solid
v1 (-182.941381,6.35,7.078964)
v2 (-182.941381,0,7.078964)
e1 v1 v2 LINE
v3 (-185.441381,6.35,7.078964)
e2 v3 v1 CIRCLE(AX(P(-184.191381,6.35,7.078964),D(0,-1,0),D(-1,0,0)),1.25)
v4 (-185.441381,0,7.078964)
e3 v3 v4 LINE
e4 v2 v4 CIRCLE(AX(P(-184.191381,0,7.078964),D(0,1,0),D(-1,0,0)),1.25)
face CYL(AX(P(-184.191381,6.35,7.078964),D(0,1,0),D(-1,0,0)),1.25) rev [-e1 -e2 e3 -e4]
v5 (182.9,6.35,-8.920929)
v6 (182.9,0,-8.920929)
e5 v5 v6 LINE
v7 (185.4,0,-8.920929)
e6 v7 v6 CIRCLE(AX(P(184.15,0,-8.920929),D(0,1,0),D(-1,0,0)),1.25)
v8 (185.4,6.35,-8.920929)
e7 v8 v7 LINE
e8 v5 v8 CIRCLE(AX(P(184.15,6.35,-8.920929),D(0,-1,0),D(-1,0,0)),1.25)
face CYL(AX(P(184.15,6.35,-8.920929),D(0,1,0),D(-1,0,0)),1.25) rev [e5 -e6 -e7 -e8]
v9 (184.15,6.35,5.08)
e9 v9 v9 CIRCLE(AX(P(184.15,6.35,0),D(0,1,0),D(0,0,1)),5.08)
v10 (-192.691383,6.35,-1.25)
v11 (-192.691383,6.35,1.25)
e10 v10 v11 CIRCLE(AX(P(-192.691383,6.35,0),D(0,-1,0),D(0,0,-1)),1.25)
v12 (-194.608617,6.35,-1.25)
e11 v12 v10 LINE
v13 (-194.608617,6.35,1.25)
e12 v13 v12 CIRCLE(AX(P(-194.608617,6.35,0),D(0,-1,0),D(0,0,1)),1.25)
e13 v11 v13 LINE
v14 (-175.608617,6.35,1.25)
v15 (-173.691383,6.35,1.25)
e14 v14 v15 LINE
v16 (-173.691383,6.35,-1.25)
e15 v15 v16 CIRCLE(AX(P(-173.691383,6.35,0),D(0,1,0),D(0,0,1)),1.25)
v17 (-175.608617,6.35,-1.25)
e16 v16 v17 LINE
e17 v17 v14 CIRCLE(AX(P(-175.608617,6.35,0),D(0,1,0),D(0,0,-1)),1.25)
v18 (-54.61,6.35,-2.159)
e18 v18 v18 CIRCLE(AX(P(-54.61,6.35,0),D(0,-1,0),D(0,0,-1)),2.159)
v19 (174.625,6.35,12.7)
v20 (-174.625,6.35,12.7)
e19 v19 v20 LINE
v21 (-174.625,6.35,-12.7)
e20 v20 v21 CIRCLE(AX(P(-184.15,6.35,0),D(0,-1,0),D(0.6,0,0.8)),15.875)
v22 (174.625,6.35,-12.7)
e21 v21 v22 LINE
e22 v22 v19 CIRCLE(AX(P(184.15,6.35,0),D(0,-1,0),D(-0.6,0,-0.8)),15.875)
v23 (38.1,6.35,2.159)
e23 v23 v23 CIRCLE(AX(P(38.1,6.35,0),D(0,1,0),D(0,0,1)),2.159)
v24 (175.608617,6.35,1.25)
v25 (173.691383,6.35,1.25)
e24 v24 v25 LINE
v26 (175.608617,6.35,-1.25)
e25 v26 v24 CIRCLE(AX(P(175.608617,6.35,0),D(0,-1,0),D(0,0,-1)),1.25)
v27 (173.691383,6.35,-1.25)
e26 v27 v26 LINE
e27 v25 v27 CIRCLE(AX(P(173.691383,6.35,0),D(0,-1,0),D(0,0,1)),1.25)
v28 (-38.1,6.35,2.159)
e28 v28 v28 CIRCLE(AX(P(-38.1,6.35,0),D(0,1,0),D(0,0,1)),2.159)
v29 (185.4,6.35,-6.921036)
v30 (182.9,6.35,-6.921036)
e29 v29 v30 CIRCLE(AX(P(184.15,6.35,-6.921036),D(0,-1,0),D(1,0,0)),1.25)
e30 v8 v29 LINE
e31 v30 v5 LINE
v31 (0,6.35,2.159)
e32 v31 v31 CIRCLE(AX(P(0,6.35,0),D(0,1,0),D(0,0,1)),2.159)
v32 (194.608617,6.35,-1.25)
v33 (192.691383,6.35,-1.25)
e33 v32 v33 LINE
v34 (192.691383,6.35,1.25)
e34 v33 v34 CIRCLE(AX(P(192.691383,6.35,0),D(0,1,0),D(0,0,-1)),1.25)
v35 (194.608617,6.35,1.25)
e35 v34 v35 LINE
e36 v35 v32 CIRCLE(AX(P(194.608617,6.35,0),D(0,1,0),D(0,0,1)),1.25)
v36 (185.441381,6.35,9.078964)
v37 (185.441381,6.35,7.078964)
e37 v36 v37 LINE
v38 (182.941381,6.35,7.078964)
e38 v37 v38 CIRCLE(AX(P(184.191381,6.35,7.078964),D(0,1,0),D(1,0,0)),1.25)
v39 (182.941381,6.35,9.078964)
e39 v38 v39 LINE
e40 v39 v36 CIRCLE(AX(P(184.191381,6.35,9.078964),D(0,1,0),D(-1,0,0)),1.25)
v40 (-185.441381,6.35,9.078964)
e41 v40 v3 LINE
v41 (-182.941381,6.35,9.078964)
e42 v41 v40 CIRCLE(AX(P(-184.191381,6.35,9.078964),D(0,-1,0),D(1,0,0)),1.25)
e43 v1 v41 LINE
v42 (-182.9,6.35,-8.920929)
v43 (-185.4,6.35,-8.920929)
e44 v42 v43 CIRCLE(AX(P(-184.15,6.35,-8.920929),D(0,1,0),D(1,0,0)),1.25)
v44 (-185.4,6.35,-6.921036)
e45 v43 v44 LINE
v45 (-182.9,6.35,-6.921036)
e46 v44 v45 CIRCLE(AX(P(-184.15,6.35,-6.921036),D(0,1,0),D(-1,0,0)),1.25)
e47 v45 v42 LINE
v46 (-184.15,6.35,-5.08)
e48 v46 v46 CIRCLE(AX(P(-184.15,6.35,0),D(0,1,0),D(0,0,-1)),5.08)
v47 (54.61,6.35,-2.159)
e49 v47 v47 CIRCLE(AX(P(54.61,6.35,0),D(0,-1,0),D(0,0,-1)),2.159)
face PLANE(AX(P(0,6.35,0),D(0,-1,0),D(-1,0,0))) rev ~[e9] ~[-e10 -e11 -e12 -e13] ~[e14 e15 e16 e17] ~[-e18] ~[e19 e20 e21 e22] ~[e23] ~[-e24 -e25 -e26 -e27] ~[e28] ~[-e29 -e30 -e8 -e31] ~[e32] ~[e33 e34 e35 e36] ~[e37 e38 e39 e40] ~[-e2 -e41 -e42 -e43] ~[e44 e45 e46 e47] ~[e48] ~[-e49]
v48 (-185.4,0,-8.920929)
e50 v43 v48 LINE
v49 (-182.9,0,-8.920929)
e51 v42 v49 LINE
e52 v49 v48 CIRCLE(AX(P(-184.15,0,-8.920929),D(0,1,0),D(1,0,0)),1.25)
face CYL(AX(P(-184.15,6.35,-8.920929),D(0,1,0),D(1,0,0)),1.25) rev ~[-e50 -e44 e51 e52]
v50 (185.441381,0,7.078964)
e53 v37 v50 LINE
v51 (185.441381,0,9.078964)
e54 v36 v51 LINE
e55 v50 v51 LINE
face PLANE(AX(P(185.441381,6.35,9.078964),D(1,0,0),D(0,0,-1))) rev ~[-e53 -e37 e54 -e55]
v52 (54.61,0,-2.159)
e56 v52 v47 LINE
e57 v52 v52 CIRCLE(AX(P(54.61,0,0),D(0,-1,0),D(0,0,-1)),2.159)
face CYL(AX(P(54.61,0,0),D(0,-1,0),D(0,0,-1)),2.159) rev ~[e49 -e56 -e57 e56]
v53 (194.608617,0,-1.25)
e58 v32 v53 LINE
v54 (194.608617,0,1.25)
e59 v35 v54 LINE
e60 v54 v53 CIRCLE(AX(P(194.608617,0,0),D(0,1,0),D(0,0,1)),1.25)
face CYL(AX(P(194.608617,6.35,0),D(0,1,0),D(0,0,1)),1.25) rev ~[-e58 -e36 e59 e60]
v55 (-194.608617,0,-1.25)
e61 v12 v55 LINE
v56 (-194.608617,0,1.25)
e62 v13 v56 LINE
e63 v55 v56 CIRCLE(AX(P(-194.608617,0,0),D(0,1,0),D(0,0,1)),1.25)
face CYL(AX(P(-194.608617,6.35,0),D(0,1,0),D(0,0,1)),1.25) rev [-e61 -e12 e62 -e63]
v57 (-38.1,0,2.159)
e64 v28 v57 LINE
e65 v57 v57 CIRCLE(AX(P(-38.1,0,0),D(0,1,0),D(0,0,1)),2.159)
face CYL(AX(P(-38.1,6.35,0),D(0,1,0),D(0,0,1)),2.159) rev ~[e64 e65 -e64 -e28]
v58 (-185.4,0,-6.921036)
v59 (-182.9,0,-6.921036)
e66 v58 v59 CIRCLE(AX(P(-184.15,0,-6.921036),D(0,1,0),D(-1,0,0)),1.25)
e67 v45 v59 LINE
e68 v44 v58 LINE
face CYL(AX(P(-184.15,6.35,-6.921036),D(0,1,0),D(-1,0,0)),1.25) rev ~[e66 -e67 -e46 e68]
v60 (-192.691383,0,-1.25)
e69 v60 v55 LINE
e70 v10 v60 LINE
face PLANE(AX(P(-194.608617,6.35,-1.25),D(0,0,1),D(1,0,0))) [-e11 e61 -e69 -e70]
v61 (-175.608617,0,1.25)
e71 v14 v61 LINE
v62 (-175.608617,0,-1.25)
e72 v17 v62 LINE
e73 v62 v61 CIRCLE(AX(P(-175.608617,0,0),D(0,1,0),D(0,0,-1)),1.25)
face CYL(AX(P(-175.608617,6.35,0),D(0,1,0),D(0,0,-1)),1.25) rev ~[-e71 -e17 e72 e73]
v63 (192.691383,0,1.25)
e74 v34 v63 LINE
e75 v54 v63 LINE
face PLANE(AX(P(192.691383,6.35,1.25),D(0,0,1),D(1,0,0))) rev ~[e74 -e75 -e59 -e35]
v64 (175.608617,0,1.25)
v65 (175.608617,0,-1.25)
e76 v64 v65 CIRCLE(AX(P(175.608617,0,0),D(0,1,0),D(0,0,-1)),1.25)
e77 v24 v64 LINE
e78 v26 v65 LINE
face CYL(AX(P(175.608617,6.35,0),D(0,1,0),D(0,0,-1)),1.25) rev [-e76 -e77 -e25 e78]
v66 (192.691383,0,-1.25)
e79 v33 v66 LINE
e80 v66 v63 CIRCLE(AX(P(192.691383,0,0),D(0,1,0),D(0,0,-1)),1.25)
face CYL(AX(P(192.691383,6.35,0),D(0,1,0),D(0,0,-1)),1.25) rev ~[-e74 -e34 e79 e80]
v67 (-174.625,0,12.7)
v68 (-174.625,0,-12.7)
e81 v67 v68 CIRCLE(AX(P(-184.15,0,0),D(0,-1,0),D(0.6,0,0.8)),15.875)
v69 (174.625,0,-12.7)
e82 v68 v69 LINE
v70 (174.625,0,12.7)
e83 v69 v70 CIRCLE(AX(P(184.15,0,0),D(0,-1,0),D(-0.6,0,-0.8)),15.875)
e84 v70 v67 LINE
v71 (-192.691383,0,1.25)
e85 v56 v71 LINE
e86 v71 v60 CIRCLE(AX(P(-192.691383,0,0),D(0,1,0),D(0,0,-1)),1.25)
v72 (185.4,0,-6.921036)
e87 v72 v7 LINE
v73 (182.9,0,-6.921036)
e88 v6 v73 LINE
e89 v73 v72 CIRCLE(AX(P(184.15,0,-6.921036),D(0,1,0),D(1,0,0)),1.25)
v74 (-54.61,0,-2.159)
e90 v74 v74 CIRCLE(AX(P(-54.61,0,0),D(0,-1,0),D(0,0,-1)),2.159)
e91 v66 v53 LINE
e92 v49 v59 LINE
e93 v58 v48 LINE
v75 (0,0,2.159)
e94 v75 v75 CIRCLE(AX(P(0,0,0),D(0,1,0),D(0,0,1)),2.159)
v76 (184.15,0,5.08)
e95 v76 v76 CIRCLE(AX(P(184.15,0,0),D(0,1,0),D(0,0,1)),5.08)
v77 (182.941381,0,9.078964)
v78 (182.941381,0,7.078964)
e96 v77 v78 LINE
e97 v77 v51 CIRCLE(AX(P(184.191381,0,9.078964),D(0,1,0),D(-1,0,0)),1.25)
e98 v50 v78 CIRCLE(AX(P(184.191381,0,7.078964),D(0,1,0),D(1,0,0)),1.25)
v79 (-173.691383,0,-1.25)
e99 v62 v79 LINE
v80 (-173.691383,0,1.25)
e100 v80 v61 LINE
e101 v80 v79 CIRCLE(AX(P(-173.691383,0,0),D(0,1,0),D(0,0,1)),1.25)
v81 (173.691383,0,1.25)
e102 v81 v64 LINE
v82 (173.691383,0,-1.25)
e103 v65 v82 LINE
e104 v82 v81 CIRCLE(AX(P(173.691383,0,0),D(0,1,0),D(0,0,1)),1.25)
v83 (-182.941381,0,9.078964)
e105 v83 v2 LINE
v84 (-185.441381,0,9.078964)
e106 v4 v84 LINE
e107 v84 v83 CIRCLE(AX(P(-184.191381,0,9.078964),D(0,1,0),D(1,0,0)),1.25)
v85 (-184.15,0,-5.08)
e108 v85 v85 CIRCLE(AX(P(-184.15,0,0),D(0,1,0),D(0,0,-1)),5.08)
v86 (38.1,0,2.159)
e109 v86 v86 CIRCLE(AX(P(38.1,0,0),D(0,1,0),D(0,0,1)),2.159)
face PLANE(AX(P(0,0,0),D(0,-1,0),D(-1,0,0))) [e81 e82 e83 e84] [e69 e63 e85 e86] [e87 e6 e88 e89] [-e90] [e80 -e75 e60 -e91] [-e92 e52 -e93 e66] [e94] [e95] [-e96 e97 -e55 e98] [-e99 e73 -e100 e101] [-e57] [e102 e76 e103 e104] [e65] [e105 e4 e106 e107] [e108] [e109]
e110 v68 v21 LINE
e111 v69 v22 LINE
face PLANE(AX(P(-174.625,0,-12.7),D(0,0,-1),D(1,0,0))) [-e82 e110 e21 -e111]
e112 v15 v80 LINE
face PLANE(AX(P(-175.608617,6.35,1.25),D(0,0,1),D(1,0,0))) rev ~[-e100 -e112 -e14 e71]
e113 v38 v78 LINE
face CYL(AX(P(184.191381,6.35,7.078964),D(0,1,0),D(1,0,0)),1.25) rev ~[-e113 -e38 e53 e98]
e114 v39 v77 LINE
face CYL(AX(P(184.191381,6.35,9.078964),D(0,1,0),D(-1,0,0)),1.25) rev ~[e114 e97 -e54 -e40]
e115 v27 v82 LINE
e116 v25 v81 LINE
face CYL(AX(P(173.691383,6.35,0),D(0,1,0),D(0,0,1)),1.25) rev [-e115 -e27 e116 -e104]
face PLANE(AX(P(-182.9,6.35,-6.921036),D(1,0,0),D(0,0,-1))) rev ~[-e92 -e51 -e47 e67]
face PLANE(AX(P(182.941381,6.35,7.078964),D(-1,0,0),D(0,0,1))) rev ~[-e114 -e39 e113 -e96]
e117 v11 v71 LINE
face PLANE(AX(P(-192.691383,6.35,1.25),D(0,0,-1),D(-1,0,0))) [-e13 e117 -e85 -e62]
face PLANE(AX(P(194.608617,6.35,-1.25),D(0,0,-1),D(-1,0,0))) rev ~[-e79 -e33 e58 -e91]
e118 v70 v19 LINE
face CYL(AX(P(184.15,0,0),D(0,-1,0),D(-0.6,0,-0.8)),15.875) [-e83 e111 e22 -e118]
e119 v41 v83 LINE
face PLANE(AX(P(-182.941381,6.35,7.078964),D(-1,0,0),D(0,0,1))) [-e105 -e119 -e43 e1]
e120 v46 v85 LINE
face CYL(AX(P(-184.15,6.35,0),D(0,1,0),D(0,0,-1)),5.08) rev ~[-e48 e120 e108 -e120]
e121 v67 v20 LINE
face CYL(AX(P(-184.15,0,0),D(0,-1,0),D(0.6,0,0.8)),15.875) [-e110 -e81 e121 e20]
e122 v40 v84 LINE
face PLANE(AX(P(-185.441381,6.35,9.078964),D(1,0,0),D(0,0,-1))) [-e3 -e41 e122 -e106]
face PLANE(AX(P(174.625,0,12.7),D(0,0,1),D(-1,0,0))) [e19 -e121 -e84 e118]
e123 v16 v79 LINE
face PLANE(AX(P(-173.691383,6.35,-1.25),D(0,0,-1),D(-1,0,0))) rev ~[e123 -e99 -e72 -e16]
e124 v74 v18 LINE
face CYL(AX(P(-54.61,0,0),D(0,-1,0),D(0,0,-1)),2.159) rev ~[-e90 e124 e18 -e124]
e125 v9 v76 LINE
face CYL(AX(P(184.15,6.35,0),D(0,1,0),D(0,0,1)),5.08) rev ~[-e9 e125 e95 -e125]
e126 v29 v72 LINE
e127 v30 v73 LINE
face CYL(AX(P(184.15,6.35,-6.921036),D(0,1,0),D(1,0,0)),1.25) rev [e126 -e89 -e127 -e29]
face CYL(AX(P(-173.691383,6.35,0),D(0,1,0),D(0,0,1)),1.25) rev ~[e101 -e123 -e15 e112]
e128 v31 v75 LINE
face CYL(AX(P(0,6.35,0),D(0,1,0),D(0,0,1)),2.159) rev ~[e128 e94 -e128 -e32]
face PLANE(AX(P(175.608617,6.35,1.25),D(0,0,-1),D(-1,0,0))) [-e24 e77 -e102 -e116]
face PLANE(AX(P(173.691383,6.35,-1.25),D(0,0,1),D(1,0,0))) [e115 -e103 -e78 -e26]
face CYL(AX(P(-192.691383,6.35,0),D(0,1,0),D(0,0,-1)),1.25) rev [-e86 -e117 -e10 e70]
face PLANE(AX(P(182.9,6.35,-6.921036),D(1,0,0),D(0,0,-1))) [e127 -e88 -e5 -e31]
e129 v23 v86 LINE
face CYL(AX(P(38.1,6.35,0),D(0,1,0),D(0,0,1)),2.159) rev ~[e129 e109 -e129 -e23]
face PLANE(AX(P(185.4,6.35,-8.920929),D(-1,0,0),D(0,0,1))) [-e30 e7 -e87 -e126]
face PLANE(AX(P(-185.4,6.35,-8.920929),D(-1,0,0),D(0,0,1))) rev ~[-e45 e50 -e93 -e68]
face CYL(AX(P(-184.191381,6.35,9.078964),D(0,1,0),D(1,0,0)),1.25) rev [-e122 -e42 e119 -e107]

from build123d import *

# Parameters (mm, degrees)
BOSS_EXTRUDE1_DEPTH = 6.35
SKETCH2_R           = 5.08
CUT_EXTRUDE1_DEPTH  = 201.754423986
SKETCH3_R           = 2.159
CUT_EXTRUDE2_DEPTH  = 201.754423986
SKETCH6_R           = 2.159
CUT_EXTRUDE3_DEPTH  = 6.35


with BuildPart() as part:
    # Sketch1 → Boss-Extrude1 (new body)
    with BuildSketch(Plane(origin=(0, 0, 0), x_dir=(1, 0, 0), z_dir=(0, 1, 0))):
        with BuildLine():
            Line((-174.625, 12.7), (174.625, 12.7))
            ThreePointArc((174.625, 12.7), (200.025, 0), (174.625, -12.7))
            Line((174.625, -12.7), (-174.625, -12.7))
            ThreePointArc((-174.625, -12.7), (-200.025, 0), (-174.625, 12.7))
        make_face()
    extrude(amount=BOSS_EXTRUDE1_DEPTH)

    # Sketch2 → Cut-Extrude1 (cut, through all)
    with BuildSketch(Plane(origin=(0, 6.35, 0), x_dir=(1, 0, 0), z_dir=(0, 1, 0))):
        with Locations(Location((184.15, 0, 0), (0, 0, 270))):
            Circle(SKETCH2_R)
        with Locations(Location((-184.15, 0, 0), (0, 0, 90))):
            Circle(SKETCH2_R)
        with BuildLine():
            Line((173.691383345, 1.25), (175.608616655, 1.25))
            ThreePointArc((175.608616655, 1.25), (176.858616655, 0), (175.608616655, -1.25))
            Line((175.608616655, -1.25), (173.691383345, -1.25))
            ThreePointArc((173.691383345, -1.25), (172.441383345, 0), (173.691383345, 1.25))
        make_face()
        with BuildLine():
            Line((194.608616655, 1.25), (192.691383345, 1.25))
            ThreePointArc((192.691383345, 1.25), (191.441383345, 0), (192.691383345, -1.25))
            Line((192.691383345, -1.25), (194.608616655, -1.25))
            ThreePointArc((194.608616655, -1.25), (195.858616655, 0), (194.608616655, 1.25))
        make_face()
        with BuildLine():
            Line((185.4, 8.920928665), (185.4, 6.921035691))
            ThreePointArc((185.4, 6.921035691), (184.15, 5.671035691), (182.9, 6.921035691))
            Line((182.9, 6.921035691), (182.9, 8.920928665))
            ThreePointArc((182.9, 8.920928665), (184.15, 10.170928665), (185.4, 8.920928665))
        make_face()
        with BuildLine():
            Line((185.441381345, -9.078964309), (185.441381345, -7.078964309))
            ThreePointArc((185.441381345, -7.078964309), (184.191381345, -5.828964309), (182.941381345, -7.078964309))
            Line((182.941381345, -7.078964309), (182.941381345, -9.078964309))
            ThreePointArc((182.941381345, -9.078964309), (184.191381345, -10.328964309), (185.441381345, -9.078964309))
        make_face()
        with BuildLine():
            Line((-185.441381345, -9.078964309), (-185.441381345, -7.078964309))
            ThreePointArc((-185.441381345, -7.078964309), (-184.191381345, -5.828964309), (-182.941381345, -7.078964309))
            Line((-182.941381345, -7.078964309), (-182.941381345, -9.078964309))
            ThreePointArc((-182.941381345, -9.078964309), (-184.191381345, -10.328964309), (-185.441381345, -9.078964309))
        make_face()
        with BuildLine():
            Line((-185.4, 8.920928665), (-185.4, 6.921035691))
            ThreePointArc((-185.4, 6.921035691), (-184.15, 5.671035691), (-182.9, 6.921035691))
            Line((-182.9, 6.921035691), (-182.9, 8.920928665))
            ThreePointArc((-182.9, 8.920928665), (-184.15, 10.170928665), (-185.4, 8.920928665))
        make_face()
        with BuildLine():
            Line((-194.608616655, 1.25), (-192.691383345, 1.25))
            ThreePointArc((-192.691383345, 1.25), (-191.441383345, 0), (-192.691383345, -1.25))
            Line((-192.691383345, -1.25), (-194.608616655, -1.25))
            ThreePointArc((-194.608616655, -1.25), (-195.858616655, 0), (-194.608616655, 1.25))
        make_face()
        with BuildLine():
            Line((-173.691383345, 1.25), (-175.608616655, 1.25))
            ThreePointArc((-175.608616655, 1.25), (-176.858616655, 0), (-175.608616655, -1.25))
            Line((-175.608616655, -1.25), (-173.691383345, -1.25))
            ThreePointArc((-173.691383345, -1.25), (-172.441383345, 0), (-173.691383345, 1.25))
        make_face()
    extrude(amount=-CUT_EXTRUDE1_DEPTH, mode=Mode.SUBTRACT)

    # Sketch3 → Cut-Extrude2 (cut, through all)
    with BuildSketch(Plane(origin=(0, 6.35, 0), x_dir=(1, 0, 0), z_dir=(0, 1, 0))):
        with Locations(Location((0, 0, 0), (0, 0, 270))):
            Circle(SKETCH3_R)
        with Locations(Location((38.1, 0, 0), (0, 0, 270))):
            Circle(SKETCH3_R)
        with Locations(Location((-38.1, 0, 0), (0, 0, 270))):
            Circle(SKETCH3_R)
    extrude(amount=-CUT_EXTRUDE2_DEPTH, mode=Mode.SUBTRACT)

    # Sketch6 → Cut-Extrude3 (cut)
    with BuildSketch(Plane(origin=(0, 0, 0), x_dir=(-1, 0, 0), z_dir=(0, -1, 0))):
        with Locations(Location((54.61, 0, 0), (0, 0, 90))):
            Circle(SKETCH6_R)
        with Locations(Location((-54.61, 0, 0), (0, 0, 90))):
            Circle(SKETCH6_R)
    extrude(amount=-CUT_EXTRUDE3_DEPTH, mode=Mode.SUBTRACT)


solid = part.part
